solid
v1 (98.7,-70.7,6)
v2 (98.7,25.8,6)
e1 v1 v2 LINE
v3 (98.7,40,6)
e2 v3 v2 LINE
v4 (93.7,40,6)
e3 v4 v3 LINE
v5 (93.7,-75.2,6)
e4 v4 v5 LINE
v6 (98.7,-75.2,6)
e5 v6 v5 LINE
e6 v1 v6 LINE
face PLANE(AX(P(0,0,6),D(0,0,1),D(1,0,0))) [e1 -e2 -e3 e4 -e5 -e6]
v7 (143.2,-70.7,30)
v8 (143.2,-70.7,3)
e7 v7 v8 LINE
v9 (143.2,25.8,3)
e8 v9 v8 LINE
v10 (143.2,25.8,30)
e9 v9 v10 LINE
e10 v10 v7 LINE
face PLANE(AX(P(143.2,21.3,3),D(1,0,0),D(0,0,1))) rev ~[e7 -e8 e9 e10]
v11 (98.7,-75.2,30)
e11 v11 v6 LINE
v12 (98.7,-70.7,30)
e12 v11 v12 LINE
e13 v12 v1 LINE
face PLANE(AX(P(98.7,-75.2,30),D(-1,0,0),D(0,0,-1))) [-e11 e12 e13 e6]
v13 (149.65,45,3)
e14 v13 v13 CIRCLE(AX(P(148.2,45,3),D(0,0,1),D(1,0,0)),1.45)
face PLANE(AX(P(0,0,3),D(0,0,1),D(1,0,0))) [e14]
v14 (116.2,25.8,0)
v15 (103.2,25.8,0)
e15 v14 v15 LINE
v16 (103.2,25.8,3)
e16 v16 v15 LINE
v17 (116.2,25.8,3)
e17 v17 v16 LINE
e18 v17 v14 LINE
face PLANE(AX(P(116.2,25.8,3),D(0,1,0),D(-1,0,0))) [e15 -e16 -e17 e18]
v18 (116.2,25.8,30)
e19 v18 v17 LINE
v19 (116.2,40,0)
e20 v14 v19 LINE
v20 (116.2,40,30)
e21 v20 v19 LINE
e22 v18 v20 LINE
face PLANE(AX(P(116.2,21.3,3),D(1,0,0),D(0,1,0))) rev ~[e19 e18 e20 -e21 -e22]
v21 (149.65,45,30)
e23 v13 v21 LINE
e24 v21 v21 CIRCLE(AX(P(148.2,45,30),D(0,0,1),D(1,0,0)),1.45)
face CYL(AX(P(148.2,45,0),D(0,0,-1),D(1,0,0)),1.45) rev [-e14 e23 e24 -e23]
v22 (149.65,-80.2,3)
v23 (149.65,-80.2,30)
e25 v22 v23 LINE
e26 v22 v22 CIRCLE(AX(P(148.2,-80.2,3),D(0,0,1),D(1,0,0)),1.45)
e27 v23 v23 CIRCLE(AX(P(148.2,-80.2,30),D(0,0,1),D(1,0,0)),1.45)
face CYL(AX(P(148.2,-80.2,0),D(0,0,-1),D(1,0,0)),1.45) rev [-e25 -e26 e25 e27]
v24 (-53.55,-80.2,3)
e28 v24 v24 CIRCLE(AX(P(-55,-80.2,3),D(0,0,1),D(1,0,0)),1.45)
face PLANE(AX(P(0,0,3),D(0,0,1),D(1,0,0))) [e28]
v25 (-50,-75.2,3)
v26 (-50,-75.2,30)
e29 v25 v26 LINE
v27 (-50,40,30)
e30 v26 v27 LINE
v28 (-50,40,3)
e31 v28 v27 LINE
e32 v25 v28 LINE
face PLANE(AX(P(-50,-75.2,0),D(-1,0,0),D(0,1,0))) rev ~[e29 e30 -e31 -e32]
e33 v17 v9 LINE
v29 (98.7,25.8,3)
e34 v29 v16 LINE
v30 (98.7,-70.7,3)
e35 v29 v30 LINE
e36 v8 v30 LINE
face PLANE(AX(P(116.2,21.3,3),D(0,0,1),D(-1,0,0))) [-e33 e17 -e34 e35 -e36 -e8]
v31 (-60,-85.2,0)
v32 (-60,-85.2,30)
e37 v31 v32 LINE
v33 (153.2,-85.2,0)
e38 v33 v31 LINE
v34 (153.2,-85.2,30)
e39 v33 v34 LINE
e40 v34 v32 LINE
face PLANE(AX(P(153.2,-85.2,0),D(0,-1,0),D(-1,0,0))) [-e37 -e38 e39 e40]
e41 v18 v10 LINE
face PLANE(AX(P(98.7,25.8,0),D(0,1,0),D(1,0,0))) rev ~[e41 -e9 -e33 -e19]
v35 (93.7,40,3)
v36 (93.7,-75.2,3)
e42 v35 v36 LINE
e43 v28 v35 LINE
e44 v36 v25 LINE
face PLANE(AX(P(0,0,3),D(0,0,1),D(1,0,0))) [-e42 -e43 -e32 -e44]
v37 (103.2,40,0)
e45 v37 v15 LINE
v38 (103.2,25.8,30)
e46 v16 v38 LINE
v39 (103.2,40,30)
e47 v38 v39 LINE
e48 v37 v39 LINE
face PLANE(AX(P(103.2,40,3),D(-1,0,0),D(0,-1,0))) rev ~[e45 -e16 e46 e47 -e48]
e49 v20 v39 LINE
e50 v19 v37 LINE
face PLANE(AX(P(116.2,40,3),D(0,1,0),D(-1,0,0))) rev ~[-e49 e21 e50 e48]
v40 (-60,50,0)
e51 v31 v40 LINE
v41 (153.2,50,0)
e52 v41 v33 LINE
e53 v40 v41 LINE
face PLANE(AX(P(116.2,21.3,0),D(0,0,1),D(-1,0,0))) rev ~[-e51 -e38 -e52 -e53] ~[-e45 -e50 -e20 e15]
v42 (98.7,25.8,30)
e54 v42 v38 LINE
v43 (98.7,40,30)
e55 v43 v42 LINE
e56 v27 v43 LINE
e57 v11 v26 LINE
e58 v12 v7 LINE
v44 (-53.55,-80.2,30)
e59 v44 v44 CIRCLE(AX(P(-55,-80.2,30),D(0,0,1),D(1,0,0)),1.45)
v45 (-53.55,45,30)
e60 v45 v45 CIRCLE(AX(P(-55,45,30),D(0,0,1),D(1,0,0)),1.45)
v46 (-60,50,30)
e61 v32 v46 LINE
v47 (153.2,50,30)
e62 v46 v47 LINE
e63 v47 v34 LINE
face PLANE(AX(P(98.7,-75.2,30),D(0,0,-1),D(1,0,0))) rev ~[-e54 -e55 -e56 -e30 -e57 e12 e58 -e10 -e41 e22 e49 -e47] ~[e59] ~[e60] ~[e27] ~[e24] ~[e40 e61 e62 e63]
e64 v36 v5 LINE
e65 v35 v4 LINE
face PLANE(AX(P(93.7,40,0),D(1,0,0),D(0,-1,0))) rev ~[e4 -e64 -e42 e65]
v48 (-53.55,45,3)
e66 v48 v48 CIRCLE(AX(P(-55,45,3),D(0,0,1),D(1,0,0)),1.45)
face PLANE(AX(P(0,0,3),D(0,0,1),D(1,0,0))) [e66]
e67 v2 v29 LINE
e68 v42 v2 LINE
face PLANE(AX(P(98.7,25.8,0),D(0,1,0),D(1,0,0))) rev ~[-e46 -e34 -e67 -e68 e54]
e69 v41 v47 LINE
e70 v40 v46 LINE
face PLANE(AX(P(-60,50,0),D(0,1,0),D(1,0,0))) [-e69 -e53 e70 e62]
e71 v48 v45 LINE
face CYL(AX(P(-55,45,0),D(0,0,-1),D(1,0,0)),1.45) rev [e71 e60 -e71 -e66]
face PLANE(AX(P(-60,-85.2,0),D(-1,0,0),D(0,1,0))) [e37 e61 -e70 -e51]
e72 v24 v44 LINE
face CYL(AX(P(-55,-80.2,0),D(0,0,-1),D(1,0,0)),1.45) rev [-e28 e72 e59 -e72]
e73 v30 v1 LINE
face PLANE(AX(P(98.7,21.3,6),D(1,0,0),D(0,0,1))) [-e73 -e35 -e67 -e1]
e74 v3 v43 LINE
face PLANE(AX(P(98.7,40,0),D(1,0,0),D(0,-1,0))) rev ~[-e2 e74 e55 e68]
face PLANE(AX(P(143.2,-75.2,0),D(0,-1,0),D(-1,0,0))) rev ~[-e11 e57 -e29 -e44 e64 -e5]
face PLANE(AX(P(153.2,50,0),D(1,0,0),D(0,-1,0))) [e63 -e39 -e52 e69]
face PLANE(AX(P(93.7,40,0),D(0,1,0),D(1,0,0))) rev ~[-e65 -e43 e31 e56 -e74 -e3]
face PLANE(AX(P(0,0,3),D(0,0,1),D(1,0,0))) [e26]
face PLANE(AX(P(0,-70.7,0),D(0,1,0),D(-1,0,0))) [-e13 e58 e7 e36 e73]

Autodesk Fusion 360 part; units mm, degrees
sketch "Sketch1" plane through (0, 0, 0) normal (0, 0, 1) x (1, 0, 0)
  line L0 (-50, 40) -> (143.2, 40)
  line L1 (143.2, 40) -> (143.2, -75.2)
  line L2 (143.2, -75.2) -> (-50, -75.2)
  line L3 (-50, -75.2) -> (-50, 40)
  line L4 (-60, 50) -> (153.2, 50)
  line L5 (153.2, 50) -> (153.2, -85.2)
  line L6 (153.2, -85.2) -> (-60, -85.2)
  line L7 (-60, -85.2) -> (-60, 50)
  circle A0 centre (-55, 45) radius 1.45
  circle A1 centre (148.2, 45) radius 1.45
  circle A2 centre (148.2, -80.2) radius 1.45
  circle A3 centre (-55, -80.2) radius 1.45
  line L8 (143.2, -75.2) -> (98.7, -75.2)
  line L9 (98.7, -75.2) -> (98.7, 21.3)
  line L10 (98.7, 21.3) -> (143.2, 21.3)
  line L11 (143.2, 21.3) -> (143.2, -75.2)
  line L12 (98.7, 21.3) -> (143.2, 21.3)
  line L13 (143.2, 21.3) -> (143.2, 40)
  line L14 (143.2, 40) -> (98.7, 40)
  line L15 (98.7, 40) -> (98.7, 21.3)
  line L16 (98.7, 40) -> (93.7, 40)
  line L17 (93.7, 40) -> (93.7, -75.2)
  line L18 (93.7, -75.2) -> (98.7, -75.2)
  line L19 (98.7, -75.2) -> (98.7, 40)
  dimension "d1" = 193.2
  dimension "d2" = 115.2
  dimension "d3" = 213.2
  dimension "d4" = 135.2
  dimension "d5" = 10
  dimension "d6" = 10
  dimension "d7" = 2.9
  dimension "d8" = 5
  dimension "d9" = 5
  dimension "d10" = 2.9
  dimension "d11" = 5
  dimension "d12" = 5
  dimension "d13" = 2.9
  dimension "d14" = 5
  dimension "d15" = 5
  dimension "d16" = 2.9
  dimension "d17" = 5
  dimension "d18" = 5
  dimension "d19" = 44.5
  dimension "d20" = 96.5
  dimension "d21" = 5
extrude "Extrude1" add sketch "Sketch1" along normal blind 3 contours L0 L2 L3 L17 | L1 L2 L8 L9 L10 L11 L12 L19 makes body 1 at (113.5333, -43.0333, 0) makes body 2 at (-2.1, 1.6, 0)
extrude "Extrude2" add sketch "Sketch1" along normal blind 6 contours L0 L2 L9 L15 L16 L17 L18 L19 bodies 1 2
extrude "Extrude3" add sketch "Sketch1" along normal blind 3 separate body contours A0 | A1 | A2 | A3 makes body 3 at (149.5361, -79.6368, 2) makes body 4 at (-54.0406, -79.1128, 2) makes body 5 at (149.3558, 45.8755, 2) makes body 6 at (-56.4213, 45.2873, 2)
extrude "Extrude4" add sketch "Sketch1" along normal blind 30 contours L0 L1 L10 L12 L13 L14 L15 L19 | L4 L5 L6 L7 bodies 1 3 4 5 6
sketch "Sketch2" plane through (0, 21.3, 0) normal (0, -1, 0) x (1, 0, 0)
  line L0 (98.7, 3) -> (143.2, 3)
  line L1 (143.2, 3) -> (143.2, 30)
  line L2 (143.2, 30) -> (98.7, 30)
  line L3 (98.7, 30) -> (98.7, 6)
  line L4 (98.7, 6) -> (98.7, 3)
  line L5 (103.2, 30) -> (116.2, 30)
  line L6 (116.2, 30) -> (116.2, 3)
  line L7 (116.2, 3) -> (103.2, 3)
  line L8 (103.2, 3) -> (103.2, 30)
  dimension "d30" = 13
  dimension "d32" = 4.5
extrude "Extrude5" cut sketch "Sketch2" against normal blind 18.7 contours L0 L2 L5 L6 L7 L8 bodies 1
sketch "Sketch3" plane through (0, 0, 3) normal (0, 0, 1) x (-1, 0, 0)
  line L0 (-98.7, 75.2) -> (-143.2, 75.2)
  line L1 (-143.2, 75.2) -> (-143.2, -21.3)
  line L2 (-143.2, -21.3) -> (-116.2, -21.3)
  line L3 (-116.2, -21.3) -> (-116.2, -40)
  line L4 (-116.2, -40) -> (-103.2, -40)
  line L5 (-103.2, -40) -> (-103.2, -21.3)
  line L6 (-103.2, -21.3) -> (-98.7, -21.3)
  line L7 (-98.7, -21.3) -> (-98.7, 75.2)
  line L8 (-103.2, -40) -> (-116.2, -40)
  line L9 (-116.2, -40) -> (-116.2, -21.3)
  line L10 (-116.2, -21.3) -> (-103.2, -21.3)
  line L11 (-103.2, -21.3) -> (-103.2, -40)
extrude "Extrude6" cut sketch "Sketch3" against normal blind 6 contours L3 L4 L5 L8 L9 L10 L11 bodies 1
sketch "Sketch4" plane through (0, -75.2, 0) normal (0, 1, 0) x (-1, 0, 0)
  line L0 (-143.2, 3) -> (-98.7, 3)
  line L1 (-98.7, 3) -> (-98.7, 6)
  line L2 (-98.7, 6) -> (-93.7, 6)
  line L3 (-93.7, 6) -> (-93.7, 3)
  line L4 (-93.7, 3) -> (50, 3)
  line L5 (50, 3) -> (50, 30)
  line L6 (50, 30) -> (-143.2, 30)
  line L7 (-143.2, 30) -> (-143.2, 3)
  line L8 (-98.7, 3) -> (-143.2, 3)
  line L9 (-143.2, 3) -> (-143.2, 30)
  line L10 (-143.2, 30) -> (-98.7, 30)
  line L11 (-98.7, 30) -> (-98.7, 3)
extrude "Extrude7" add sketch "Sketch4" along normal blind 4.5 contours L0 L1 L6 L7 L8 L9 L10 L11 bodies 1
extrude "Extrude8" cut 2 faces at (101.7, 21.3, 13) (125.2, 21.3, 12) along direction (0, 1, 0) blind 4.5 on bodies 1 bodies 1
extrude "Extrude9" add 1 faces at (111.8667, 21.3, 2) along direction (0, 1, 0) blind 4.5 on bodies 1 bodies 1
equation "d3 = 193.2 mm + 20 mm"
equation "d4 = 115.2 mm + 20 mm"
